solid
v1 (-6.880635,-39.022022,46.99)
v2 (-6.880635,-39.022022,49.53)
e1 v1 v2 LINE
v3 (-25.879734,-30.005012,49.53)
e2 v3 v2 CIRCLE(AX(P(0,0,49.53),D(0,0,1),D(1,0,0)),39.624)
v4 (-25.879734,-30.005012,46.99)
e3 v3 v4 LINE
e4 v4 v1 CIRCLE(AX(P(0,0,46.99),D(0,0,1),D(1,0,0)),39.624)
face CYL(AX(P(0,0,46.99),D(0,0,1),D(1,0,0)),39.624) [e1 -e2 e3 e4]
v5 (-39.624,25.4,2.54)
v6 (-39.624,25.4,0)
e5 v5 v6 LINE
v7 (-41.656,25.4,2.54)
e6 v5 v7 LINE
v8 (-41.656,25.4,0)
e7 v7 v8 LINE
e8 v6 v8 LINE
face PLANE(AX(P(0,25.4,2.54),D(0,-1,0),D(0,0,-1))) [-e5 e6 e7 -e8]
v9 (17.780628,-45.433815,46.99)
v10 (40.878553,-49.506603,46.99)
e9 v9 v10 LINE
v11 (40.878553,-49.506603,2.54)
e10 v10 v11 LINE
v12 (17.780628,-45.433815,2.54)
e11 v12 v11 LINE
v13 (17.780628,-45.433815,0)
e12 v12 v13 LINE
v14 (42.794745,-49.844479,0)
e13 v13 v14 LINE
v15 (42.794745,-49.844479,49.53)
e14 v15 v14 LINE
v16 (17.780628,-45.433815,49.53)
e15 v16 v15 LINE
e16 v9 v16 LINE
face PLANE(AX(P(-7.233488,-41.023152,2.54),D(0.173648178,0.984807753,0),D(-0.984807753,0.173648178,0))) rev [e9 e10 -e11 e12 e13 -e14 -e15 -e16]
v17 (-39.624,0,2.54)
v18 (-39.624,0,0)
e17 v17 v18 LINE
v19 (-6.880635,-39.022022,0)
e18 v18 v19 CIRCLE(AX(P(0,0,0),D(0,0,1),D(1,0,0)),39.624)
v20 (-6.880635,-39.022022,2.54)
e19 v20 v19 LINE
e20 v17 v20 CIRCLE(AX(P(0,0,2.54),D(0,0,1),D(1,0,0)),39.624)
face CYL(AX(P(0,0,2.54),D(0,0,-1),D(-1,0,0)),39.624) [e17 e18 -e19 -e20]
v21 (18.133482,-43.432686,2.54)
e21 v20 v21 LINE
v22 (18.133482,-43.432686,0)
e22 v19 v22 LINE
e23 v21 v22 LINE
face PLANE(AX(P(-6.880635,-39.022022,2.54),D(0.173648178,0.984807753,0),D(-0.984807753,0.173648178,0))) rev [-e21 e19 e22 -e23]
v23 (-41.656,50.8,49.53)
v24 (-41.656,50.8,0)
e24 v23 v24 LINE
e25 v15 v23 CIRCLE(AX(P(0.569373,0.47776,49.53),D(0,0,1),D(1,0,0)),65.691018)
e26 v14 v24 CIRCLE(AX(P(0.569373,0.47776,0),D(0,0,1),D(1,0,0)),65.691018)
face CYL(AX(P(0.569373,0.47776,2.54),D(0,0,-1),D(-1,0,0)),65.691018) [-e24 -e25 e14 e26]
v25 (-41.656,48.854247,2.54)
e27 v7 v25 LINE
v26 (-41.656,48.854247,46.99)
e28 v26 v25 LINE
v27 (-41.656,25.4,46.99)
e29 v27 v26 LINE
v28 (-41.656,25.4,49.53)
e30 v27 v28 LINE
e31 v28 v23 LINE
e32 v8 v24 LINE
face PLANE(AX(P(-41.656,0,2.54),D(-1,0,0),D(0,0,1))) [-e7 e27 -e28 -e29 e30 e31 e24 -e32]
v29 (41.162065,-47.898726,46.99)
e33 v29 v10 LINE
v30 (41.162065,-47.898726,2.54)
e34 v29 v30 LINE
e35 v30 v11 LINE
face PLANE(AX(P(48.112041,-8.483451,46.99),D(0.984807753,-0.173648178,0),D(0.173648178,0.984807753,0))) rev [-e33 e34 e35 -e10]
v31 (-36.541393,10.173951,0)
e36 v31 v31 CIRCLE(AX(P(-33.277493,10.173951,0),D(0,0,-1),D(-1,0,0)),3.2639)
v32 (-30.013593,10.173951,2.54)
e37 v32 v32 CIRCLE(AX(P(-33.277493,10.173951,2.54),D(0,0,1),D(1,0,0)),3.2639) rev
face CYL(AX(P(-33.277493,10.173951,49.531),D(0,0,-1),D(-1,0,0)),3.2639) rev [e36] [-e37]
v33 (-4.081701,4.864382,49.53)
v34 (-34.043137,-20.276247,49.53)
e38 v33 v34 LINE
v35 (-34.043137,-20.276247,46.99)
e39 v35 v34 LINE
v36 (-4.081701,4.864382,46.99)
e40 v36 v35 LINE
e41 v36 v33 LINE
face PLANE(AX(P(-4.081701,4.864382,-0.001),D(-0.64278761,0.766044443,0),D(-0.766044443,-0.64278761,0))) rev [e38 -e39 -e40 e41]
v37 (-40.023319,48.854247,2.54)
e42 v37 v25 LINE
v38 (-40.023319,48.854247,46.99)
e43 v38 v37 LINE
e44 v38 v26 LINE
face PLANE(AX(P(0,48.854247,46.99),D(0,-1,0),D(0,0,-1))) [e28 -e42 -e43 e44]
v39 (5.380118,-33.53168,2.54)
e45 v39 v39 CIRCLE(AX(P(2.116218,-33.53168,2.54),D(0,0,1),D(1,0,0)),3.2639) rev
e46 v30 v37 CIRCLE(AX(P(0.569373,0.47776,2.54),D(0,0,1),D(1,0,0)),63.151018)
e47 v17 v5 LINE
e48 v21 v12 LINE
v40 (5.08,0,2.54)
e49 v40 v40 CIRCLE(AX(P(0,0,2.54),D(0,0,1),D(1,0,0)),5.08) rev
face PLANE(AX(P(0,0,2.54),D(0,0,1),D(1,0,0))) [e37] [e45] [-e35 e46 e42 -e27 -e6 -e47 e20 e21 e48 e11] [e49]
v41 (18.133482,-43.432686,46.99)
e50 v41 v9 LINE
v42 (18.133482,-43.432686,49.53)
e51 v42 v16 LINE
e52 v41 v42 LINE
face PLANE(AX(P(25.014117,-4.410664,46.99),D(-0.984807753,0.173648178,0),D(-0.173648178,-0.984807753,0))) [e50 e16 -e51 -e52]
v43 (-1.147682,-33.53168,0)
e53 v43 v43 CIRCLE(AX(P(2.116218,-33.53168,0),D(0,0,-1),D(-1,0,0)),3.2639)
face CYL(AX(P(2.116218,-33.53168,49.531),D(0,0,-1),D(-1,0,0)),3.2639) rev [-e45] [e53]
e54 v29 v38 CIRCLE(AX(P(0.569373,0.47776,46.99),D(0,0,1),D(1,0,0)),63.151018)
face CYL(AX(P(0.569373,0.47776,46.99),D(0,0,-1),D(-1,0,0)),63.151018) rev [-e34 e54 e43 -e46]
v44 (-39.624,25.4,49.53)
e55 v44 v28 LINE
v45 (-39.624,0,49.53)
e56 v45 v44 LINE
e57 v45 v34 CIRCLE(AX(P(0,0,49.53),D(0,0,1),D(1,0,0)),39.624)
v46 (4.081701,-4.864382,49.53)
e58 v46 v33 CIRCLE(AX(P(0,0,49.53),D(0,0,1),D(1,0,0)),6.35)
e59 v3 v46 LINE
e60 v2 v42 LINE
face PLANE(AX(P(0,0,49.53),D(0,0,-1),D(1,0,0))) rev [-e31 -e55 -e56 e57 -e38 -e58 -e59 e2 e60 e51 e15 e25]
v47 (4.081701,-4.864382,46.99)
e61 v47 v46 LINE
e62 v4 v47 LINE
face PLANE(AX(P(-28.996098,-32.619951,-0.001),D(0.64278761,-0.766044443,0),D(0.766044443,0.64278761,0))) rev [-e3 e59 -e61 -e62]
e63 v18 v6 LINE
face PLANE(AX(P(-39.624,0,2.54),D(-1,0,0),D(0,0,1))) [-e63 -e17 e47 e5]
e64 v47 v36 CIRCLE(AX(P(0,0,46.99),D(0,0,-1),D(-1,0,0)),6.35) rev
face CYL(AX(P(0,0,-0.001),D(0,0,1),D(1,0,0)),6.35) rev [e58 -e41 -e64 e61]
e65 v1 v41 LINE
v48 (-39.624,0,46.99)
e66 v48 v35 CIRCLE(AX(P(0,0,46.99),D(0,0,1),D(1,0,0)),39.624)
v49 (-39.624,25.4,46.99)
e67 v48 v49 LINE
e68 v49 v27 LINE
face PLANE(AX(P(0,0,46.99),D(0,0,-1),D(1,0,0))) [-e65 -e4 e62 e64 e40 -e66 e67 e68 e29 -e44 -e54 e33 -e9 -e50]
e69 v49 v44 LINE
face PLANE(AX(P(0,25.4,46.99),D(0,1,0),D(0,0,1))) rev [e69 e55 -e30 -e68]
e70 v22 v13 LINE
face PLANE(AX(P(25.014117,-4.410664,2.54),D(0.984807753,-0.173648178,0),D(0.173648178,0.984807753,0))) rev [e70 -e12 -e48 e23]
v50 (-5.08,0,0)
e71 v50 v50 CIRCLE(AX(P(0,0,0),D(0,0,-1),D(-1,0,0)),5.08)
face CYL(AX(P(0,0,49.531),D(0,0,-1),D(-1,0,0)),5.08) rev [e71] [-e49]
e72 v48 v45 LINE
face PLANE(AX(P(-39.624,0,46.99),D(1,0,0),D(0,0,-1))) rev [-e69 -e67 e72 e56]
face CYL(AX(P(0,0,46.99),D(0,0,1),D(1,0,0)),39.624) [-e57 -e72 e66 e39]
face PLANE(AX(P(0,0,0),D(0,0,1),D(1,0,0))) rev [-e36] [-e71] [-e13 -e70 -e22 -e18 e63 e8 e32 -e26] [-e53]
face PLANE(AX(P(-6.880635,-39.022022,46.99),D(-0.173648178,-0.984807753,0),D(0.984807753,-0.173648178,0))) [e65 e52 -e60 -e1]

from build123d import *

# Parameters (mm, degrees)
SIDE_DEPTH             = 2.54
COVER_DEPTH            = 44.45
FLYWHEEL_SLIT_REACH    = 107.934
MOUNT_HOLES_REACH      = 107.934
SKETCH4_R              = 3.2639
AXLE_HOLDER_HOLE_REACH = 107.934
SKETCH5_R              = 5.08


with BuildPart() as part:
    # Sketch1 → Side (new body)
    with BuildSketch(Plane.XY):
        with BuildLine():
            Line((17.780628438, -45.433815472), (42.794745364, -49.844479185))
            ThreePointArc((42.794745364, -49.844479185), (50.891612275, 42.70313309), (-41.656, 50.8))
            Line((-41.656, 50.8), (-41.656, 25.4))
            Line((-41.656, 25.4), (-39.624, 25.4))
            Line((-39.624, 25.4), (-39.624, 0))
            Line((-39.624, 0), (0, 0))
            Line((0, 0), (-6.880635392, -39.022022405))
            Line((-6.880635392, -39.022022405), (18.133481535, -43.432686118))
            Line((18.133481535, -43.432686118), (17.780628438, -45.433815472))
        make_face()
        with BuildLine():
            Line((0, 0), (-39.624, 0))
            ThreePointArc((-39.624, 0), (-30.353745014, -25.469816246), (-6.880635392, -39.022022405))
            Line((-6.880635392, -39.022022405), (0, 0))
        make_face()
    side = extrude(amount=SIDE_DEPTH)

    # Sketch2 → Cover (add)
    with BuildSketch(Plane.XY.offset(2.54)):
        with BuildLine():
            Line((-40.023319471, 48.854247114), (-41.656, 48.854247114))
            Line((-41.656, 48.854247114), (-41.656, 50.8))
            ThreePointArc((-41.656, 50.8), (50.891612275, 42.70313309), (42.794745364, -49.844479185))
            Line((42.794745364, -49.844479185), (40.878552837, -49.506602742))
            Line((40.878552837, -49.506602742), (41.162064836, -47.898726299))
            ThreePointArc((41.162064836, -47.898726299), (48.945859389, 41.070452561), (-40.023319471, 48.854247114))
        make_face()
    extrude(amount=COVER_DEPTH)

    # Mirror1: Side across plane
    add(side.mirror(Plane.XY.offset(24.765)))

    # Sketch3 → Flywheel slit (cut, up to next)
    with BuildSketch(Plane.XY.offset(49.53), mode=Mode.PRIVATE) as flywheel_slit_sk1:
        with BuildLine():
            Line((-4.081701322, 4.864382214), (-37.159500375, -22.891186772))
            Line((-37.159500375, -22.891186772), (-28.996097732, -32.6199512))
            Line((-28.996097732, -32.6199512), (4.081701322, -4.864382214))
            ThreePointArc((4.081701322, -4.864382214), (4.864382214, 4.081701322), (-4.081701322, 4.864382214))
        make_face()
    flywheel_slit_tool1 = extrude(flywheel_slit_sk1.sketch, amount=-FLYWHEEL_SLIT_REACH, mode=Mode.PRIVATE) & part.part
    add(flywheel_slit_tool1.solids().sort_by_distance((-14.612688, -12.261501, 49.53))[0], mode=Mode.SUBTRACT)

    # Sketch4 → Mount holes (cut, up to next)
    with BuildSketch(Plane(origin=(0, 0, 0), x_dir=(-1, 0, 0), z_dir=(0, 0, -1)), mode=Mode.PRIVATE) as mount_holes_sk1:
        with Locations((-2.116217682, -33.531680079)):
            Circle(SKETCH4_R)
    mount_holes_tool1 = extrude(mount_holes_sk1.sketch, amount=-MOUNT_HOLES_REACH, mode=Mode.PRIVATE) & part.part
    # Sketch4 → Mount holes (cut, up to next)
    with BuildSketch(Plane(origin=(0, 0, 0), x_dir=(-1, 0, 0), z_dir=(0, 0, -1)), mode=Mode.PRIVATE) as mount_holes_sk2:
        with Locations((33.277492898, 10.173950581)):
            Circle(SKETCH4_R)
    mount_holes_tool2 = extrude(mount_holes_sk2.sketch, amount=-MOUNT_HOLES_REACH, mode=Mode.PRIVATE) & part.part
    add(mount_holes_tool1.solids().sort_by_distance((2.116218, -33.53168, 0))[0], mode=Mode.SUBTRACT)
    add(mount_holes_tool2.solids().sort_by_distance((-33.277493, 10.173951, 0))[0], mode=Mode.SUBTRACT)

    # Sketch5 → Axle Holder Hole (cut, up to next)
    with BuildSketch(Plane(origin=(0, 0, 0), x_dir=(-1, 0, 0), z_dir=(0, 0, -1)), mode=Mode.PRIVATE) as axle_holder_hole_sk1:
        Circle(SKETCH5_R)
    axle_holder_hole_tool1 = extrude(axle_holder_hole_sk1.sketch, amount=-AXLE_HOLDER_HOLE_REACH, mode=Mode.PRIVATE) & part.part
    add(axle_holder_hole_tool1.solids().sort_by_distance((0, 0, 0))[0], mode=Mode.SUBTRACT)


solid = part.part
